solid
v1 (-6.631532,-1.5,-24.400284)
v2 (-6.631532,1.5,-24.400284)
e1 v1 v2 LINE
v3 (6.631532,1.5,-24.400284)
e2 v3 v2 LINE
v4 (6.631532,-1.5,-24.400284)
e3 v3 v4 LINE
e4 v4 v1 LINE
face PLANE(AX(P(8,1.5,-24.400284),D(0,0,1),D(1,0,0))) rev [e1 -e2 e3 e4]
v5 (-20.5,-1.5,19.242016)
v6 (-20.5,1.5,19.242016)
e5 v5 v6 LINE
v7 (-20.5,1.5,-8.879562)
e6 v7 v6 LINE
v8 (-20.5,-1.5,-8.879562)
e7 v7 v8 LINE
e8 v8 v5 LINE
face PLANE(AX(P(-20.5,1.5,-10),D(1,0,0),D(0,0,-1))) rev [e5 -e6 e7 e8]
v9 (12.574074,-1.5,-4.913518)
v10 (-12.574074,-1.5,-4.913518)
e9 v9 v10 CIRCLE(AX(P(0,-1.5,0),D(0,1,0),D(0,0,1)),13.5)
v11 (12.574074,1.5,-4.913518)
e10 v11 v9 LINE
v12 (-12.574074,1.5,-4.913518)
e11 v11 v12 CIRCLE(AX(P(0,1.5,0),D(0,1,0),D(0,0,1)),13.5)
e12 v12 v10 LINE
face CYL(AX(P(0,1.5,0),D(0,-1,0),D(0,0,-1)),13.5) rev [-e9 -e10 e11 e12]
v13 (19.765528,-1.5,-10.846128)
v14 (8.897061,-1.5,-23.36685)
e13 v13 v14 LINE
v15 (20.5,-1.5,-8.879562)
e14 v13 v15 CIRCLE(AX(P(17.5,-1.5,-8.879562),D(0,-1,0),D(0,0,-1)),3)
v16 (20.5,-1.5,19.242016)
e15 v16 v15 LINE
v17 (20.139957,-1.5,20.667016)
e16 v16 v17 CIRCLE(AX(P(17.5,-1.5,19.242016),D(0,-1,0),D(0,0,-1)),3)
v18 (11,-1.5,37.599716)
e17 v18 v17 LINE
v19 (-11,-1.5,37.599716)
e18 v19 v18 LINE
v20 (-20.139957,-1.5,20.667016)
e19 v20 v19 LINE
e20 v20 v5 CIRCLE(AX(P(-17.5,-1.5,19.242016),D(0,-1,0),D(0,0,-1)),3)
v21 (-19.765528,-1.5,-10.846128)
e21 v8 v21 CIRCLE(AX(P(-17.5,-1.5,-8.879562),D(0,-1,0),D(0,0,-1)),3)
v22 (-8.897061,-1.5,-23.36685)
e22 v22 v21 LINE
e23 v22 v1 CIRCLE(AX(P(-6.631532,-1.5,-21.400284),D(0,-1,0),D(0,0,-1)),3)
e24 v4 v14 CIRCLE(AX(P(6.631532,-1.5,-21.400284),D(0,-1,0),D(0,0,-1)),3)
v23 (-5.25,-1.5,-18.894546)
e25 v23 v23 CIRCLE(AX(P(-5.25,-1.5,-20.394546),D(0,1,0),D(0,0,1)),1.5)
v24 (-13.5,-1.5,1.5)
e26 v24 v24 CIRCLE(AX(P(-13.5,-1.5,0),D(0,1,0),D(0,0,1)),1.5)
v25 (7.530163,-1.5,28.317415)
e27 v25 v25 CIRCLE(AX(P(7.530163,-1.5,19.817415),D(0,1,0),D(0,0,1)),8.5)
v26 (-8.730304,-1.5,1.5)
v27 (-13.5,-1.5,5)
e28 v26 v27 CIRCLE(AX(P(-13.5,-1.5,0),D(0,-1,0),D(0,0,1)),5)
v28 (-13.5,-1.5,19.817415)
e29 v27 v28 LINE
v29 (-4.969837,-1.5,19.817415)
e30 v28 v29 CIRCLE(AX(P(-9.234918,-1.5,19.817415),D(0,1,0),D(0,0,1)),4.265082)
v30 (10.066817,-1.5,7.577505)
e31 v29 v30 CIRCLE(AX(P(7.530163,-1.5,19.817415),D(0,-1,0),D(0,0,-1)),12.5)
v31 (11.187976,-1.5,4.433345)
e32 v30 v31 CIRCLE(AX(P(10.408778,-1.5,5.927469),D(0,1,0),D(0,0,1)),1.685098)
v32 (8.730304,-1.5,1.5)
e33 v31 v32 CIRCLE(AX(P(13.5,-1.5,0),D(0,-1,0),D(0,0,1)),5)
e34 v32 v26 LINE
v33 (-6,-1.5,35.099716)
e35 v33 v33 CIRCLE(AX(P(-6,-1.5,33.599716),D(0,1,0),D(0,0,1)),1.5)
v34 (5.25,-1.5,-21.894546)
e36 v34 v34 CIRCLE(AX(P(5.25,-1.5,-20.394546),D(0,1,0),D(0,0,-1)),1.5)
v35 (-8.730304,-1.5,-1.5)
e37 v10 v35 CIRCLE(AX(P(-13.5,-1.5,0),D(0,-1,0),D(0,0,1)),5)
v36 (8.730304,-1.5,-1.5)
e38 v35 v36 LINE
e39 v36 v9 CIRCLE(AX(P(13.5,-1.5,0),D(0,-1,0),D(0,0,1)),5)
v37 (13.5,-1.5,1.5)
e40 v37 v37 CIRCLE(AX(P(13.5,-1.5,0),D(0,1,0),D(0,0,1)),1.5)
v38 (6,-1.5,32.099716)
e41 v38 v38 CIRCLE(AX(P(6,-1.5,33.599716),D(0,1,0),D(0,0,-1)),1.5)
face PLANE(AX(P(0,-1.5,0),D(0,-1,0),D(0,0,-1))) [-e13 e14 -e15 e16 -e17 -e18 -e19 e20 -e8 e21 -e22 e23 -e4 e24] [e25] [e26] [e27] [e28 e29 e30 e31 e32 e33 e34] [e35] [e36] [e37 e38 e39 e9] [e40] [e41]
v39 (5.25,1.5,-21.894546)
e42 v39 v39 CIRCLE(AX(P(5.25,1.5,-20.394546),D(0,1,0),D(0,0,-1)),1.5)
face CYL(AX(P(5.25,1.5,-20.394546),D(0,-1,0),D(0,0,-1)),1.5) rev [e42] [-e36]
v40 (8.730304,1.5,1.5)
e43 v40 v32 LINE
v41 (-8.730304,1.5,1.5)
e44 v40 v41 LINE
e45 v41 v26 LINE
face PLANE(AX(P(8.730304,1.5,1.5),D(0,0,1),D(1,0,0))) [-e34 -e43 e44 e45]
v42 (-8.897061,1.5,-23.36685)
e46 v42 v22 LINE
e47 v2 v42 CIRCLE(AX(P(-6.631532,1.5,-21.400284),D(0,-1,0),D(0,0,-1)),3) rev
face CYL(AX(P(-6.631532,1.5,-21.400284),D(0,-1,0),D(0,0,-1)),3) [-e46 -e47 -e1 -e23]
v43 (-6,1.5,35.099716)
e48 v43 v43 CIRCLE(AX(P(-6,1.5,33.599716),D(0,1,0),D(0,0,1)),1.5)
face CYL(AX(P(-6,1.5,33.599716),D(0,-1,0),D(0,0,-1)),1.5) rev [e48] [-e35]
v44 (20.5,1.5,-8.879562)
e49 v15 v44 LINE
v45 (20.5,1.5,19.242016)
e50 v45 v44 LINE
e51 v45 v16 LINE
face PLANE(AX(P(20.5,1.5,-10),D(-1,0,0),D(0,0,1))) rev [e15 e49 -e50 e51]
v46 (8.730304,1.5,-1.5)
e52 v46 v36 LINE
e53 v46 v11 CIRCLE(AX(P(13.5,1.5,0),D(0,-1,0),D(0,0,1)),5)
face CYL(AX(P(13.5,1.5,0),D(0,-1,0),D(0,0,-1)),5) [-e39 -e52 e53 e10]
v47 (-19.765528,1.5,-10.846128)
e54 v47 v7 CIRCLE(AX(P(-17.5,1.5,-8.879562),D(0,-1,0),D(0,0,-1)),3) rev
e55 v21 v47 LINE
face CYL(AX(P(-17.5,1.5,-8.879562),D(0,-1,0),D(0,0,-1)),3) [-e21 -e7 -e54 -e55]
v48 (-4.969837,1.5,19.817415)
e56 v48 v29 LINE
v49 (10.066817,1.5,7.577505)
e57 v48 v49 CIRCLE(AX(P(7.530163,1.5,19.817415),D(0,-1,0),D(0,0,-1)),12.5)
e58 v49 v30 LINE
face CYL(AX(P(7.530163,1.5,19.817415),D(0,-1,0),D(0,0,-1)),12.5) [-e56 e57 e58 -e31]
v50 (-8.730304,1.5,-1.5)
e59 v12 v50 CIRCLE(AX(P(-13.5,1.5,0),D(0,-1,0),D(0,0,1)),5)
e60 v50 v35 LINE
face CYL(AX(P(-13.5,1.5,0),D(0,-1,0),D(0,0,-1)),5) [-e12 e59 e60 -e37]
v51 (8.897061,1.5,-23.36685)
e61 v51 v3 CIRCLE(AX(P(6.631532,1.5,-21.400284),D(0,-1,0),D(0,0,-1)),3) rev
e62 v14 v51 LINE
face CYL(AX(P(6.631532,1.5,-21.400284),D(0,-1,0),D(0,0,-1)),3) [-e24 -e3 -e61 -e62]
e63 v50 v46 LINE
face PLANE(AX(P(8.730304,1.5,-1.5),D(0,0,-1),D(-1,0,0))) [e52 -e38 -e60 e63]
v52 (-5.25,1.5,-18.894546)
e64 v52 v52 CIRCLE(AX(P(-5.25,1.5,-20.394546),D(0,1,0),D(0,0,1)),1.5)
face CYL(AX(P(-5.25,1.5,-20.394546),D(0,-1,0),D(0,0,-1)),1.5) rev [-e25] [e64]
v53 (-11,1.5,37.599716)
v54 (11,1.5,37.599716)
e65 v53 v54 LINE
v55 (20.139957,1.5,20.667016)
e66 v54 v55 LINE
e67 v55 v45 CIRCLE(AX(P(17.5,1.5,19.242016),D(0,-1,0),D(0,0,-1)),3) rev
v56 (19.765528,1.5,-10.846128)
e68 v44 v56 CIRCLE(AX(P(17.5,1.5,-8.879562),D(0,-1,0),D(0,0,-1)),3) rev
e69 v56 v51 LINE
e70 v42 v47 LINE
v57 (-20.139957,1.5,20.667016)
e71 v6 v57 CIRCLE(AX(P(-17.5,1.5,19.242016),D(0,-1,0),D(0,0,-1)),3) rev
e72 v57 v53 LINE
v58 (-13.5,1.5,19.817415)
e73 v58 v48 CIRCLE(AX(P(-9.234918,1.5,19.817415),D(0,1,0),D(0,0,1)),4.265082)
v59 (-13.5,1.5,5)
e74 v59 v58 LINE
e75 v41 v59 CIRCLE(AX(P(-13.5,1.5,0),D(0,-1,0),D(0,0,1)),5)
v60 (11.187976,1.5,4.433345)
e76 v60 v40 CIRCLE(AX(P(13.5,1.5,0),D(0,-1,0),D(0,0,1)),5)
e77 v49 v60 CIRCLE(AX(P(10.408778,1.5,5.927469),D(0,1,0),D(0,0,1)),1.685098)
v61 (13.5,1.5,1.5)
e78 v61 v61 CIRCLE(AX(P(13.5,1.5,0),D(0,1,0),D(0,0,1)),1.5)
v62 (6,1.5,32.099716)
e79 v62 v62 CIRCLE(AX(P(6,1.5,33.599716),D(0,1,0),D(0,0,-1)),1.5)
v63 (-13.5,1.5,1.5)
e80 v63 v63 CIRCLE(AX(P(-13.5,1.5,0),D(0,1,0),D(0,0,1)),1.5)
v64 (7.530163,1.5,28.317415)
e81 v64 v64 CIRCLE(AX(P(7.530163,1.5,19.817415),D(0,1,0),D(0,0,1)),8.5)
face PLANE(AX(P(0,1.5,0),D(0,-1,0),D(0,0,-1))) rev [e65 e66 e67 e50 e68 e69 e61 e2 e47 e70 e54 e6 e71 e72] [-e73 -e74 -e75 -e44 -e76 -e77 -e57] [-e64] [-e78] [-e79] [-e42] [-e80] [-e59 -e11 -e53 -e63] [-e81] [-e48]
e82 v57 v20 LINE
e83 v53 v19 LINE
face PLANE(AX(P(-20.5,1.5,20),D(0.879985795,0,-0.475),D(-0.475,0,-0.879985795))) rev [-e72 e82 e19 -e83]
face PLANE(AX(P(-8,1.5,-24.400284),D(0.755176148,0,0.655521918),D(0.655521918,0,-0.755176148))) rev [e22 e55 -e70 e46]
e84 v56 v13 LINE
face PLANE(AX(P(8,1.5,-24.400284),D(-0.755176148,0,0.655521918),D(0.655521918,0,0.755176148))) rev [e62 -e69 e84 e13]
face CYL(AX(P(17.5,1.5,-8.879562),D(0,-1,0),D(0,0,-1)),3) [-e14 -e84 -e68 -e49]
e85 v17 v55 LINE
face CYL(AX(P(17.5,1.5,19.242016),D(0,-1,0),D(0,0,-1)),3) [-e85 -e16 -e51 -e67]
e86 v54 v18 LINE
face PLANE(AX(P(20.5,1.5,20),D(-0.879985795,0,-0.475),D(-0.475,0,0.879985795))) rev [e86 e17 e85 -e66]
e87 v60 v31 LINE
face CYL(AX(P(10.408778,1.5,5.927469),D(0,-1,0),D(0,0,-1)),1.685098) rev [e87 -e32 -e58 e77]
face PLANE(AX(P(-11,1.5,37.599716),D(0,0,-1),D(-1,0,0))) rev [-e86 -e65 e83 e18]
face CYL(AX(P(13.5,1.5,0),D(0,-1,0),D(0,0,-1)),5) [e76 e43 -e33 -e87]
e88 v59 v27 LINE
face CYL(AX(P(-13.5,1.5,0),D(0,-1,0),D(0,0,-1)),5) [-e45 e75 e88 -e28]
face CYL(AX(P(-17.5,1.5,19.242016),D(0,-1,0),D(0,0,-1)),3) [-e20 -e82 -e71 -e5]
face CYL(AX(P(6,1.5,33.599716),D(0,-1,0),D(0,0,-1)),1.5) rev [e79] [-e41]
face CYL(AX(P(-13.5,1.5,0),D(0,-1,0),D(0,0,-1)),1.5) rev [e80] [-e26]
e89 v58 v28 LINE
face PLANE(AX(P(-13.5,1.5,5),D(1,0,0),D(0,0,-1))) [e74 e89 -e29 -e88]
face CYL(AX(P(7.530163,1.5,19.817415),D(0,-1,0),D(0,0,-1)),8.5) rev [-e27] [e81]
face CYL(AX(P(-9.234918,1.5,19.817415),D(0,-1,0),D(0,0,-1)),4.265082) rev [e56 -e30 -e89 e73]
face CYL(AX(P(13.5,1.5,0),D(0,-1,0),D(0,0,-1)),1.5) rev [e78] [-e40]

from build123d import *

# Parameters (mm, degrees)
SKETCH1_R           = 1.5
SKETCH1_R_2         = 8.5
BOSS_EXTRUDE1_DEPTH = 1.5
FILLET1_R           = 3


with BuildPart() as part:
    # Sketch1 → Boss-Extrude1 (new body, symmetric)
    with BuildSketch(Plane(origin=(0, 0, 0), x_dir=(1, 0, 0), z_dir=(0, 1, 0))):
        Polygon((8, 24.400284093), (-8, 24.400284093), (-20.5, 10), (-20.5, -20), (-11, -37.599715907), (11, -37.599715907), (20.5, -20), (20.5, 10), align=None)
        with Locations((-5.25, 20.39454584)):
            Circle(SKETCH1_R, mode=Mode.SUBTRACT)
        with Locations((-6, -33.599715907)):
            Circle(SKETCH1_R, mode=Mode.SUBTRACT)
        with Locations((6, -33.599715907)):
            Circle(SKETCH1_R, mode=Mode.SUBTRACT)
        with Locations((5.25, 20.39454584)):
            Circle(SKETCH1_R, mode=Mode.SUBTRACT)
        with Locations((-13.5, 0)):
            Circle(SKETCH1_R, mode=Mode.SUBTRACT)
        with Locations((13.5, 0)):
            Circle(SKETCH1_R, mode=Mode.SUBTRACT)
        with Locations((7.530163354, -19.817414772)):
            Circle(SKETCH1_R_2, mode=Mode.SUBTRACT)
        with BuildLine():
            Line((-13.5, -5), (-13.5, -19.817414772))
            ThreePointArc((-13.5, -19.817414772), (-9.234918323, -24.082496449), (-4.969836646, -19.817414772))
            ThreePointArc((-4.969836646, -19.817414772), (-0.361028795, -10.12313365), (10.06681719, -7.57750516))
            ThreePointArc((10.06681719, -7.57750516), (11.99598649, -6.493442694), (11.187975781, -4.433344563))
            ThreePointArc((11.187975781, -4.433344563), (9.667400631, -3.211102938), (8.730303993, -1.5))
            Line((8.730303993, -1.5), (-8.730303993, -1.5))
            ThreePointArc((-8.730303993, -1.5), (-10.541960108, -4.031128874), (-13.5, -5))
        make_face(mode=Mode.SUBTRACT)
        with BuildLine():
            Line((8.730303993, 1.5), (-8.730303993, 1.5))
            ThreePointArc((-8.730303993, 1.5), (-10.179901517, 3.738575405), (-12.574074074, 4.913518208))
            ThreePointArc((-12.574074074, 4.913518208), (0, 13.5), (12.574074074, 4.913518208))
            ThreePointArc((12.574074074, 4.913518208), (10.179901517, 3.738575405), (8.730303993, 1.5))
        make_face(mode=Mode.SUBTRACT)
    extrude(amount=BOSS_EXTRUDE1_DEPTH, both=True)

    # Fillet1
    fillet1_edges = [part.edges().sort_by_distance(p)[0] for p in [
        (-20.5, 0, 20),
        (-20.5, 0, -10),
        (-8, 0, -24.400284093),
        (8, 0, -24.400284093),
        (20.5, 0, -10),
        (20.5, 0, 20),
    ]]
    fillet(fillet1_edges, radius=FILLET1_R)


solid = part.part
